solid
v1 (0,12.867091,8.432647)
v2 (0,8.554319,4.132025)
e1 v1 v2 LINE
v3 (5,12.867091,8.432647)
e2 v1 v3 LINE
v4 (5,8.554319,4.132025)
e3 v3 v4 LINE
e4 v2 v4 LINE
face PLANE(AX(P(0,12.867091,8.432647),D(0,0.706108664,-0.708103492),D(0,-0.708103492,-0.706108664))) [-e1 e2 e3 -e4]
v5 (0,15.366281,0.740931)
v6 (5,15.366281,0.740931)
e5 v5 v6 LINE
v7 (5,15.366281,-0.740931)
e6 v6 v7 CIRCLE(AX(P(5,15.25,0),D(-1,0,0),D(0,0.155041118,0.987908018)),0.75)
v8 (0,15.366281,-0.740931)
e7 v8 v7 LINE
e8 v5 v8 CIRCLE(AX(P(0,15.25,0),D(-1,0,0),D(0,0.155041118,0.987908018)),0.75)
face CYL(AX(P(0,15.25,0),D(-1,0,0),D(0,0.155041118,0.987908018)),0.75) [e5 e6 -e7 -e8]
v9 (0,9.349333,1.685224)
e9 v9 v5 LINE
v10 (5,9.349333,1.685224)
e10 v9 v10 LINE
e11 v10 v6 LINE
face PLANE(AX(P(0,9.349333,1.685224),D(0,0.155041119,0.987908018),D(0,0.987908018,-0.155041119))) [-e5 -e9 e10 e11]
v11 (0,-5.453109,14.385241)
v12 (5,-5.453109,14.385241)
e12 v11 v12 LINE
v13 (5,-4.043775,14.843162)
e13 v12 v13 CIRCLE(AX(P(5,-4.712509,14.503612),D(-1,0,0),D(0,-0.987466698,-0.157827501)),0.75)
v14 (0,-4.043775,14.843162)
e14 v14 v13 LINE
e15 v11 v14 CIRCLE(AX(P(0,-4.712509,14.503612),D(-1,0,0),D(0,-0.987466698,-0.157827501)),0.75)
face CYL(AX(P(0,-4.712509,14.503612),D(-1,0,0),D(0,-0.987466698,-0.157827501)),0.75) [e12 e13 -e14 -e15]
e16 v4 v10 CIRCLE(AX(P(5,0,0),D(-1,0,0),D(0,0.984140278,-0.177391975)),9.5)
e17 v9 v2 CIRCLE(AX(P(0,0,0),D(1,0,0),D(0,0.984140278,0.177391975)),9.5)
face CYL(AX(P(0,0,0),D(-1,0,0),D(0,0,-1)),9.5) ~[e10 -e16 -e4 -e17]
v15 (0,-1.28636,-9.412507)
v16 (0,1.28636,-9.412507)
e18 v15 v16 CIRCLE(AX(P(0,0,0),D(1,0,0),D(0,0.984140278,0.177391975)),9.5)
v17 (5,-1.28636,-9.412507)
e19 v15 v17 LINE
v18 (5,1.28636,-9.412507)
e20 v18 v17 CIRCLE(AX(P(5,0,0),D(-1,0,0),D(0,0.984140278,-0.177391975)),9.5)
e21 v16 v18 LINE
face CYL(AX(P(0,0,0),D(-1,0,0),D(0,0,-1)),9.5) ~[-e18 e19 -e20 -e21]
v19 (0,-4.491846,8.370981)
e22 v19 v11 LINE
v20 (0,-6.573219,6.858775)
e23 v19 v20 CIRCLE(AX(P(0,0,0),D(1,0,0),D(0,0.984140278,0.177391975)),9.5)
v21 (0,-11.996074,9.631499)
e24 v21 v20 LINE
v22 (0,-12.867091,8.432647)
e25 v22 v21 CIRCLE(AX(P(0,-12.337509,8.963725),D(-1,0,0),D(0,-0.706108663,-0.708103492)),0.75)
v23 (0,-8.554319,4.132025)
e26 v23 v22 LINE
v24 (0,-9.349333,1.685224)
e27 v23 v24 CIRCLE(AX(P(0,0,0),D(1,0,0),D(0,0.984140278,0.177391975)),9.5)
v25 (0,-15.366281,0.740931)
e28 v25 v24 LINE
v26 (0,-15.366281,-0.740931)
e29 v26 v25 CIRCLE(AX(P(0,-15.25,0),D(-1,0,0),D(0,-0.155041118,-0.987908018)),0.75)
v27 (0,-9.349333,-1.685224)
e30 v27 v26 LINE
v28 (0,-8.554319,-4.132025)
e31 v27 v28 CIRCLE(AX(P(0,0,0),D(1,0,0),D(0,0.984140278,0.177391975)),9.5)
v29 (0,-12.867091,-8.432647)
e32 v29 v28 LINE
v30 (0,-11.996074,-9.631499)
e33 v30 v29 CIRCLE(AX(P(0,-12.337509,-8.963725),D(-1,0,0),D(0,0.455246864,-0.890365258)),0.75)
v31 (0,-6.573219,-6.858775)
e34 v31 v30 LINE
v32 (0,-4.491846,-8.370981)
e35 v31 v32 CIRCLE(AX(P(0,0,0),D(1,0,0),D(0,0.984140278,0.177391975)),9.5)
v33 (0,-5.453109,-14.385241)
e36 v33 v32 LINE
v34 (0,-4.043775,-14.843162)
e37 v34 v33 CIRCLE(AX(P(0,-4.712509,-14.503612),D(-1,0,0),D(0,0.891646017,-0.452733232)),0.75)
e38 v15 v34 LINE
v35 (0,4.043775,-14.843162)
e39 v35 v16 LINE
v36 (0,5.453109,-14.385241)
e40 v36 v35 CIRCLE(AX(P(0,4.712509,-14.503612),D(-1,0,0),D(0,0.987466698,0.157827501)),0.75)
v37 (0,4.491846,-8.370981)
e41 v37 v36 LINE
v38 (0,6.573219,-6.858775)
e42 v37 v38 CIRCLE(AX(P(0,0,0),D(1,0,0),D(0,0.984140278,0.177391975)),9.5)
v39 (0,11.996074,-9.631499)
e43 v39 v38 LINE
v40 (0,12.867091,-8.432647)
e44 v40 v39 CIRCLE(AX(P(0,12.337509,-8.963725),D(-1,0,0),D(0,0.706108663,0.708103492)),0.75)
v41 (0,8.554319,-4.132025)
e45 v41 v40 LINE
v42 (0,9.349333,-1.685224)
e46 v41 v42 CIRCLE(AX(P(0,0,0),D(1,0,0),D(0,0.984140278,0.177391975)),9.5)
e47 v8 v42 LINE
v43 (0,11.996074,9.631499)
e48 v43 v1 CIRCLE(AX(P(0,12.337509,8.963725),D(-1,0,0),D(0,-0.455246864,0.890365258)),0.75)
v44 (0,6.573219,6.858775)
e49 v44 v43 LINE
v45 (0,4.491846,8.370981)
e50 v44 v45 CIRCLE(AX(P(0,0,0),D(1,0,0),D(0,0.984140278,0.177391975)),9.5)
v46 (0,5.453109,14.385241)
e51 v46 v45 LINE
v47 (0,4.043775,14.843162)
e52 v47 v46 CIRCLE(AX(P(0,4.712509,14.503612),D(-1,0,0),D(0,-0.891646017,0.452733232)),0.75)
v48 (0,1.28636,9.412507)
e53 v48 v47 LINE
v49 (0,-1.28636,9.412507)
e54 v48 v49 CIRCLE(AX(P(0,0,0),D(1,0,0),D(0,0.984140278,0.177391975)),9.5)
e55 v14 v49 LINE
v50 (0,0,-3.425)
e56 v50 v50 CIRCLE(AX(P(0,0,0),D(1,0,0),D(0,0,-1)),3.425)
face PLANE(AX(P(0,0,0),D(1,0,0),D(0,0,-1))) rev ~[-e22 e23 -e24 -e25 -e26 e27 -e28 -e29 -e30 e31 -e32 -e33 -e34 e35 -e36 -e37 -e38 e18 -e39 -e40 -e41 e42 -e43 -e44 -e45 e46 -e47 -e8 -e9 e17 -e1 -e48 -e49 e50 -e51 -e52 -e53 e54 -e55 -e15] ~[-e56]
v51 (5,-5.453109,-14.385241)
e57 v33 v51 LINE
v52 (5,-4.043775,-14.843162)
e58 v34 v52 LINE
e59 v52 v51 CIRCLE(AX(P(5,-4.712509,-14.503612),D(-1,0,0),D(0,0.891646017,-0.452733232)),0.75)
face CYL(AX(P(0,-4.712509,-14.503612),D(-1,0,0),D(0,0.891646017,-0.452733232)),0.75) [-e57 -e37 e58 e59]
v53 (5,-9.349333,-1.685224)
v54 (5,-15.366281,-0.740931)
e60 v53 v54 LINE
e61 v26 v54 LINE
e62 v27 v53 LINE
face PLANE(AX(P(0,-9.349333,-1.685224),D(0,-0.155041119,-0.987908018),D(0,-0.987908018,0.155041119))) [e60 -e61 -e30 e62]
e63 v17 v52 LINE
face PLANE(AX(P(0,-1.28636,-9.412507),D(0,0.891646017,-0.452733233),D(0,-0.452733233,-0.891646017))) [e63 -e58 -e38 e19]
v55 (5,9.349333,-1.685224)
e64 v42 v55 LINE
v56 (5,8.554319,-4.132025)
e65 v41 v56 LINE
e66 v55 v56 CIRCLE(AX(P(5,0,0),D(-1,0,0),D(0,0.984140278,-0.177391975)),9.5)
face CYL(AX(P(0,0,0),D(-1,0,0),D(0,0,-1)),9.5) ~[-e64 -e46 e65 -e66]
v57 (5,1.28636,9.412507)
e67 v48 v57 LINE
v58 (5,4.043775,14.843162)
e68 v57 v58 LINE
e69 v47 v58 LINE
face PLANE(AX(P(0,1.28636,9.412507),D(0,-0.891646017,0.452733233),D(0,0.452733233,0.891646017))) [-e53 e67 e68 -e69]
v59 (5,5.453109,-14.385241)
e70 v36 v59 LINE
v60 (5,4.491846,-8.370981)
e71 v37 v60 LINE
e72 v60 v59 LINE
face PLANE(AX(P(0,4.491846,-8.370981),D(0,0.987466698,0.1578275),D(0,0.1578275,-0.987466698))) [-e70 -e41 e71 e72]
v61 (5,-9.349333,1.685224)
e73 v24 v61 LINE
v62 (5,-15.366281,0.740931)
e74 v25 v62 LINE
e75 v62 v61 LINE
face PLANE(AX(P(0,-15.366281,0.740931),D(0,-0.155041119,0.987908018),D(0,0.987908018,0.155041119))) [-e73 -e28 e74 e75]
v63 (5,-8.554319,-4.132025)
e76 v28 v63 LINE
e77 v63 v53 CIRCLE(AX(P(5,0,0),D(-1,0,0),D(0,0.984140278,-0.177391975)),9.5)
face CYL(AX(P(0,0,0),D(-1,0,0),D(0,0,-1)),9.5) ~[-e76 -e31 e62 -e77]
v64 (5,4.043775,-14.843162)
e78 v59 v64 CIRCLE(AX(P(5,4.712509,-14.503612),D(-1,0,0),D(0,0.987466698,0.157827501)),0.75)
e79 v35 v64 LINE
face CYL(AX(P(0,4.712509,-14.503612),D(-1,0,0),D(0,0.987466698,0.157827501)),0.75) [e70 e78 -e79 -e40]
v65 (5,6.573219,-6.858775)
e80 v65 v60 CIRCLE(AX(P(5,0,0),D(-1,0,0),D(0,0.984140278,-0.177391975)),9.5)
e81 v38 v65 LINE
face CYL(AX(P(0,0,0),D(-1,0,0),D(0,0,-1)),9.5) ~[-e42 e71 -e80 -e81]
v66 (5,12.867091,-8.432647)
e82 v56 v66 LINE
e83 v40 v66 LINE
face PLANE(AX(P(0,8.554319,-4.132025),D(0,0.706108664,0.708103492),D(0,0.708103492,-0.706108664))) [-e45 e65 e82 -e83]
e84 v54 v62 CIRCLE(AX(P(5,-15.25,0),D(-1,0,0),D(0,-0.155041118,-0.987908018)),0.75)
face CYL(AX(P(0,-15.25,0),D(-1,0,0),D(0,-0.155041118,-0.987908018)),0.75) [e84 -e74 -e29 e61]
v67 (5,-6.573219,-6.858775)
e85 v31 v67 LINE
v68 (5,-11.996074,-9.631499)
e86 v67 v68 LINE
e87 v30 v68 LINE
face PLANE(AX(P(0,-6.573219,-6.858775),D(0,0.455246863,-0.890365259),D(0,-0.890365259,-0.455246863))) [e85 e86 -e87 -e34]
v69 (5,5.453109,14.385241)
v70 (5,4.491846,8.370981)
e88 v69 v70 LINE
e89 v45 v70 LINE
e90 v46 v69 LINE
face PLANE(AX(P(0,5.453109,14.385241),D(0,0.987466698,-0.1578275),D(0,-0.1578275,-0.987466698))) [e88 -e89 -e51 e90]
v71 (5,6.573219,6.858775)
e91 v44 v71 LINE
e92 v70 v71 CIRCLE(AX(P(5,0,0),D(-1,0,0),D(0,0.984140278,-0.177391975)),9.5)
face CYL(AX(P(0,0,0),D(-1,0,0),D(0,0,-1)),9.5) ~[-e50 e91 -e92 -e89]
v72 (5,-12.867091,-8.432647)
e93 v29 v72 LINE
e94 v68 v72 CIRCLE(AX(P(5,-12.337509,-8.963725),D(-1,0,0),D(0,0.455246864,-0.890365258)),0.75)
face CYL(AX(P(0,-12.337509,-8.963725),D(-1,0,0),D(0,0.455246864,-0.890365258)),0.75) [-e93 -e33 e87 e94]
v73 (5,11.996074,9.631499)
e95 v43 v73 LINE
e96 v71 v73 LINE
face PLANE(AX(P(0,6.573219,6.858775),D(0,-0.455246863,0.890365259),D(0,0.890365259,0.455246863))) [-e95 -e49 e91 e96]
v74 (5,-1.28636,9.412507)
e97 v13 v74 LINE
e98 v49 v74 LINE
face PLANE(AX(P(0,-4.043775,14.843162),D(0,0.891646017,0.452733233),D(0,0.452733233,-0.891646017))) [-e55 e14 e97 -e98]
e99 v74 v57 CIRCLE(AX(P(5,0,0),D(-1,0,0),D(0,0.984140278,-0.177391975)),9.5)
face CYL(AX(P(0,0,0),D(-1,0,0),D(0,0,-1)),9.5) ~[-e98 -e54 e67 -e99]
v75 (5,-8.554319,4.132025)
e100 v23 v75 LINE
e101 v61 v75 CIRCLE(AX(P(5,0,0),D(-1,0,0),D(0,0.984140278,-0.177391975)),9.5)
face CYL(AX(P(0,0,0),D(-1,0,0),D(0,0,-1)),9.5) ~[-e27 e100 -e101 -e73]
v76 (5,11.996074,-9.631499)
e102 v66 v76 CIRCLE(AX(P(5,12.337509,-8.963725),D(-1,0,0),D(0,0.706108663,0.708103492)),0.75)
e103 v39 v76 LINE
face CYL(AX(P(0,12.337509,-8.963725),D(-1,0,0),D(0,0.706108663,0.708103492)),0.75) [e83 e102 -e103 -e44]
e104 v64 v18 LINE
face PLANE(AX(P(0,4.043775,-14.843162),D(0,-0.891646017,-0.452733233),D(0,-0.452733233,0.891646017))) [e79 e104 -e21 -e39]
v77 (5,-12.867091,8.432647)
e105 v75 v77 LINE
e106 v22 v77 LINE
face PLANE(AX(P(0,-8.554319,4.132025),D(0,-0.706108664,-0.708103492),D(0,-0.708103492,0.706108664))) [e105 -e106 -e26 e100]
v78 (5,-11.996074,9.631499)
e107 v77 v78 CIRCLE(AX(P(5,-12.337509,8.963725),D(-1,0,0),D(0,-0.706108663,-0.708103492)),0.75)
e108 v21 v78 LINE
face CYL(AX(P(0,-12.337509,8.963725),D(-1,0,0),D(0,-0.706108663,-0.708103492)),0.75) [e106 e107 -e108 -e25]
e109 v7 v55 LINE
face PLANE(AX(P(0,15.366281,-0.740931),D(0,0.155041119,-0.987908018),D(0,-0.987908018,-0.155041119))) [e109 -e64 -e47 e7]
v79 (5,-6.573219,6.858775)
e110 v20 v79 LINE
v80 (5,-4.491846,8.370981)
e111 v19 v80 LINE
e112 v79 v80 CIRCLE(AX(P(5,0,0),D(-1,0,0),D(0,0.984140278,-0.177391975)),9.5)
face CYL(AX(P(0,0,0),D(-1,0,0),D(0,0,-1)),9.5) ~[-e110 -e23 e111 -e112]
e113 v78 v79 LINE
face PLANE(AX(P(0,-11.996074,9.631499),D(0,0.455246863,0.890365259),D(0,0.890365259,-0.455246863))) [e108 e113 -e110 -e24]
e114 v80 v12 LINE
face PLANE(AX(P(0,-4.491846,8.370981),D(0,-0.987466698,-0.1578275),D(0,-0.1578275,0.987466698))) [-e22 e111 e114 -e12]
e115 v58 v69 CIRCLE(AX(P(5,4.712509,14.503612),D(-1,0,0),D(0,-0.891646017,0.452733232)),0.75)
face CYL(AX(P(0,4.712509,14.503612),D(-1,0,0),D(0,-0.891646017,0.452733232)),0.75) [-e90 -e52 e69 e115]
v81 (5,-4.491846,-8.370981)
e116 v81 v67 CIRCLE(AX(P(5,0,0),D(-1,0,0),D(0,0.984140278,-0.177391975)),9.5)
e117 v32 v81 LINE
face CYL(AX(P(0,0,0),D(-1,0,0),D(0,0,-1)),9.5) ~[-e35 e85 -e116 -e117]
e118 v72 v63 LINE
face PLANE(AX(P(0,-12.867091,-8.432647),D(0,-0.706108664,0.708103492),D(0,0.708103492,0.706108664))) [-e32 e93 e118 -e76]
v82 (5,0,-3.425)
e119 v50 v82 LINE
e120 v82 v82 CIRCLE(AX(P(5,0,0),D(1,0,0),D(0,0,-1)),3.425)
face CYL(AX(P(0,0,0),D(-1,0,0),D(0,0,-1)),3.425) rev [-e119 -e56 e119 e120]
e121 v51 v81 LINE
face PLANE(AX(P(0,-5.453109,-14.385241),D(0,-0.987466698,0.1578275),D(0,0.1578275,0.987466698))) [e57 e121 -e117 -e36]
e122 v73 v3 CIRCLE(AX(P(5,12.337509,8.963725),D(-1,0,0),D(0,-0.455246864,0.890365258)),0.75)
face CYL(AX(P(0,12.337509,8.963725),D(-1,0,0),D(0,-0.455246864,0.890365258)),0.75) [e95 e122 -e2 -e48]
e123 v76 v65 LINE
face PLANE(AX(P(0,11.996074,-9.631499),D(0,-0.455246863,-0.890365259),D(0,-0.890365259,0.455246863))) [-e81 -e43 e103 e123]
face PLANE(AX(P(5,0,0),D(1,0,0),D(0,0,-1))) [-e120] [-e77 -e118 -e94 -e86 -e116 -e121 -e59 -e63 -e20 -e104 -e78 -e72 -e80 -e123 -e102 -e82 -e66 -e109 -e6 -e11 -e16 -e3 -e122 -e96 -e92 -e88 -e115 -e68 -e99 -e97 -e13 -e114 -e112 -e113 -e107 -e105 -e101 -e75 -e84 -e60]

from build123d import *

# Parameters (mm, degrees)
SKETCH2_R           = 9.5
SKETCH2_R_2         = 3.425
BOSS_EXTRUDE3_DEPTH = 5
BOSS_EXTRUDE5_DEPTH = 5
CIRPATTERN1_COUNT   = 10


with BuildPart() as part:
    # Sketch2 → Boss-Extrude3 (new body)
    with BuildSketch(Plane(origin=(0, 0, 0), x_dir=(0, 0, -1), z_dir=(1, 0, 0))):
        Circle(SKETCH2_R)
        Circle(SKETCH2_R_2, mode=Mode.SUBTRACT)
    extrude(amount=BOSS_EXTRUDE3_DEPTH)

    # Sketch4 → Boss-Extrude5 (add)
    with BuildSketch(Plane.ZY):
        with BuildLine():
            Line((-0.740931013, 15.366280839), (-1.685223767, 9.349332642))
            ThreePointArc((-1.685223767, 9.349332642), (0, 9.5), (1.685223767, 9.349332642))
            Line((1.685223767, 9.349332642), (0.740931013, 15.366280839))
            ThreePointArc((0.740931013, 15.366280839), (0, 16), (-0.740931013, 15.366280839))
        make_face()
    boss_extrude5 = extrude(amount=-BOSS_EXTRUDE5_DEPTH)

    # CirPattern1: Boss-Extrude5 ×10 about axis
    cirpattern1_axis = Axis((0, 0, 0), (1, 0, 0))
    for i in range(1, CIRPATTERN1_COUNT):
        add(boss_extrude5.rotate(cirpattern1_axis, i * 360 / CIRPATTERN1_COUNT))


solid = part.part
